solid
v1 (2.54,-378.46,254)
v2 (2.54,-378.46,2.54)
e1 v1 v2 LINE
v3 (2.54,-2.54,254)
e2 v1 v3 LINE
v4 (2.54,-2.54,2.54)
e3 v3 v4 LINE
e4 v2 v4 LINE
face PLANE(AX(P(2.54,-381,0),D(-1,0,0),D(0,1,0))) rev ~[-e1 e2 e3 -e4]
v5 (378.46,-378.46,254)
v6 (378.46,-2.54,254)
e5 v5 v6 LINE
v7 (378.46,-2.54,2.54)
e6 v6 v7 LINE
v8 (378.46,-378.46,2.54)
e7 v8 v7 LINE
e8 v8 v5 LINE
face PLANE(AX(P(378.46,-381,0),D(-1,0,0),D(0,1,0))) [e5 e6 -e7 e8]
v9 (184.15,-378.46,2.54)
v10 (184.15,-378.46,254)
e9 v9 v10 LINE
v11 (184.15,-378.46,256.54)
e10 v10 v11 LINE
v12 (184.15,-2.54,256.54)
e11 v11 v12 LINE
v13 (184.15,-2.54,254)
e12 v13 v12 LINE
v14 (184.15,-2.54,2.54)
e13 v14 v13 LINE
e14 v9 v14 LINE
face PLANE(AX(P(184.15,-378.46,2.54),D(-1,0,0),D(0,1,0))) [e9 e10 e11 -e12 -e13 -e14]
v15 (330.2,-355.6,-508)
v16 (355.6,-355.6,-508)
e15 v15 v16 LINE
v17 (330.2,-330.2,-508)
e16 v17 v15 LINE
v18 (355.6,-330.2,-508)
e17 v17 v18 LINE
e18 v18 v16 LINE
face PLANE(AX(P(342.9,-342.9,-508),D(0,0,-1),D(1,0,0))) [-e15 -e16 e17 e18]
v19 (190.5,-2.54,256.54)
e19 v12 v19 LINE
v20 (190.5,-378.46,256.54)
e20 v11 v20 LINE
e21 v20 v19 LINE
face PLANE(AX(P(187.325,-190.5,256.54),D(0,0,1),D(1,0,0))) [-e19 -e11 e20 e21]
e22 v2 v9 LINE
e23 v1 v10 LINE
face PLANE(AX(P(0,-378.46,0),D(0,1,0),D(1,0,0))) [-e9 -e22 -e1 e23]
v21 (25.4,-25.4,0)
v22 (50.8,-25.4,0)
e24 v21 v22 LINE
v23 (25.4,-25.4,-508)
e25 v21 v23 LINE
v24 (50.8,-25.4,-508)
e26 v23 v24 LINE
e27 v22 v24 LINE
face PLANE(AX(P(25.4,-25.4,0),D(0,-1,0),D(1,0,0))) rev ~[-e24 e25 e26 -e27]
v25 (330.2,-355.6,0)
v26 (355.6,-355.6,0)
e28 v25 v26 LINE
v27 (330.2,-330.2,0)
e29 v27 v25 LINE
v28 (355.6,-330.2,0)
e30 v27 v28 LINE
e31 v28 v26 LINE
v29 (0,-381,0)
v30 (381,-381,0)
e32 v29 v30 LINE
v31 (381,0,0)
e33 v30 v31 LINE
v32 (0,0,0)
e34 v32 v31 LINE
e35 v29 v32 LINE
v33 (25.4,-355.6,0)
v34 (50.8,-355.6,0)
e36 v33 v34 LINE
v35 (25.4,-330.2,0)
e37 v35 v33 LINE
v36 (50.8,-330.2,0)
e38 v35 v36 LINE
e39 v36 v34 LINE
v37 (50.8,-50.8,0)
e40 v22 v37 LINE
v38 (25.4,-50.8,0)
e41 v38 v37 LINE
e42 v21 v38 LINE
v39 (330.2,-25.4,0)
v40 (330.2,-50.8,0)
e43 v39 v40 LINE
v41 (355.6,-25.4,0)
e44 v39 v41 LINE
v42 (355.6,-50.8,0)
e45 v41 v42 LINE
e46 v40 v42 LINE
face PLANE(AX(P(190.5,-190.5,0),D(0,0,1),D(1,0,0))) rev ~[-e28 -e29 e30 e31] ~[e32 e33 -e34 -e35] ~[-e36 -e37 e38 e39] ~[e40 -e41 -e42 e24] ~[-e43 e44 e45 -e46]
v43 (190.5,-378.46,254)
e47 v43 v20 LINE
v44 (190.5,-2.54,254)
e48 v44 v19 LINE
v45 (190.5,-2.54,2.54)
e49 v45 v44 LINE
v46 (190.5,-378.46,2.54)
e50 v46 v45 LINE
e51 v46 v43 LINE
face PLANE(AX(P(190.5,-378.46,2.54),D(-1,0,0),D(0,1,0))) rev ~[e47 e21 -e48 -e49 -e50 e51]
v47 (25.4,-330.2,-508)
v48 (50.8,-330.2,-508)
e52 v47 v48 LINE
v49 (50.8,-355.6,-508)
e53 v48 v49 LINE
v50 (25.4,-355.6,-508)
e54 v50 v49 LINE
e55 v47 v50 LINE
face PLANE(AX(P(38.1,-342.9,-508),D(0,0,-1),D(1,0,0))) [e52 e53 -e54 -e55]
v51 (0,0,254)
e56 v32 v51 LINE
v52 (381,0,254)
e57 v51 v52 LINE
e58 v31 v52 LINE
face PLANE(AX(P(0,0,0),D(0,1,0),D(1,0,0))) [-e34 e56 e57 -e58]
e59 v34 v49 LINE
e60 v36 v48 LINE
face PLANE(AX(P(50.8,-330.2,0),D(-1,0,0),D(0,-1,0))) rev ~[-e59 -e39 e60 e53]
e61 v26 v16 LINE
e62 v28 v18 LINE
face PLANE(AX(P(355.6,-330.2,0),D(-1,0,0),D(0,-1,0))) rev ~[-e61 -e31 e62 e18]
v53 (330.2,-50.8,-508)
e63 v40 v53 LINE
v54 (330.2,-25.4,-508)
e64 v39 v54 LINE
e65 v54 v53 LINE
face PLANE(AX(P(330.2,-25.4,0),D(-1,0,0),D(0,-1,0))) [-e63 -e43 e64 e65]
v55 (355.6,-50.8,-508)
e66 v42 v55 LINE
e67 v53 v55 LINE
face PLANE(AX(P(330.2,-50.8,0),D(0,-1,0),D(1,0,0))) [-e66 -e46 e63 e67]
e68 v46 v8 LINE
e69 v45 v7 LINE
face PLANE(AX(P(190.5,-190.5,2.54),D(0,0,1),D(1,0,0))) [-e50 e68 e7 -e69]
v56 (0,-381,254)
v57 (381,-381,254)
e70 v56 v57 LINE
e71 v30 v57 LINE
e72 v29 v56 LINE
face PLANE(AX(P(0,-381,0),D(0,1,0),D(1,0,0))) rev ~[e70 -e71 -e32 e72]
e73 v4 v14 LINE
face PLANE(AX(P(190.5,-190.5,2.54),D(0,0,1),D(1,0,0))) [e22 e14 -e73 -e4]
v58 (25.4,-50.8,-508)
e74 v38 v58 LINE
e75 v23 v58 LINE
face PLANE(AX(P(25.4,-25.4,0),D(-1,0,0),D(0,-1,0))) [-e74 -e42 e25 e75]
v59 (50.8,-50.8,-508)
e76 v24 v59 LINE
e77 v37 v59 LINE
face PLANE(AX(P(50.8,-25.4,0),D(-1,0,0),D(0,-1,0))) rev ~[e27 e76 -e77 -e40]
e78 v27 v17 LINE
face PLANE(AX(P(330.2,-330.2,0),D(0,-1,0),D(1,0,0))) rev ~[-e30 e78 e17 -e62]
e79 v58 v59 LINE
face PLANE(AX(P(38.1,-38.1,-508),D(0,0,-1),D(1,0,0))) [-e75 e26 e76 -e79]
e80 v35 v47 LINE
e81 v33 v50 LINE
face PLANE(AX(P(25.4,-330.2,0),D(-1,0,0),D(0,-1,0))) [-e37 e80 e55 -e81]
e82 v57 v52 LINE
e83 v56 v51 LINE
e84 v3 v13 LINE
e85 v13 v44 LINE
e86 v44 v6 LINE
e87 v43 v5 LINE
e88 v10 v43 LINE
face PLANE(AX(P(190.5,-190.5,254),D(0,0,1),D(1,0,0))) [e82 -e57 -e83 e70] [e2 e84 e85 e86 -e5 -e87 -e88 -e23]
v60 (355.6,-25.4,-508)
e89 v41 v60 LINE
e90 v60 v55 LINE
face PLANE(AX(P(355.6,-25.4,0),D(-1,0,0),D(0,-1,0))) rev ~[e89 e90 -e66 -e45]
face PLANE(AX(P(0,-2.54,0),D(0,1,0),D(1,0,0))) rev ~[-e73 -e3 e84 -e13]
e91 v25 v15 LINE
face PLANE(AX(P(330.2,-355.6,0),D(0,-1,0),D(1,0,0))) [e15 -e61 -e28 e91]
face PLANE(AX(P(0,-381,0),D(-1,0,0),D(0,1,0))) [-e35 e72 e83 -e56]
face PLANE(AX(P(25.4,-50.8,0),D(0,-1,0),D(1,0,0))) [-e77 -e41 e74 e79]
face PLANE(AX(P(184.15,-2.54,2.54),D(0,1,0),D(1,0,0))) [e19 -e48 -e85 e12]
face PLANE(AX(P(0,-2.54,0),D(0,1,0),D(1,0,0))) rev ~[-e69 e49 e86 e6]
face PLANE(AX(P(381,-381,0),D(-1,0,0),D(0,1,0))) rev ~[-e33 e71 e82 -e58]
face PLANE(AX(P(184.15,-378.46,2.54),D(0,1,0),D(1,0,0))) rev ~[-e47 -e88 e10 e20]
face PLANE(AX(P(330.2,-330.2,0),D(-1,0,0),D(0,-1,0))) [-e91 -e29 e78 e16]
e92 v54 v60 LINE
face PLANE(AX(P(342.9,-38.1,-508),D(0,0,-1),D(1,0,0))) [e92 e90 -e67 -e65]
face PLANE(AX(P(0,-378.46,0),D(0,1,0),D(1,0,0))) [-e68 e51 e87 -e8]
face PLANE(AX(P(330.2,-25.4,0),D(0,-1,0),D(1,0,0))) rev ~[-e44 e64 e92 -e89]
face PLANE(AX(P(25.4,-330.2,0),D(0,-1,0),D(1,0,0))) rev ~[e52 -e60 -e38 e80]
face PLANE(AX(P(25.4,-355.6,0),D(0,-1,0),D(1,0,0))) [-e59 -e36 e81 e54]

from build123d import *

# Parameters (mm, degrees)
F0_W     = 381
F0_H     = 381
F1_DEPTH = 254
F2_T     = -2.54
F3_W     = 25.4
F3_H     = 25.4
F4_DEPTH = 508
F5_W     = 6.35
F5_H     = 375.92
F6_DEPTH = 254


with BuildPart() as f1:
    # F0 (on Top) → F1 (new body)
    with BuildSketch(Plane.XY):
        with Locations((190.5, -190.5)):
            Rectangle(F0_W, F0_H)
    extrude(amount=F1_DEPTH)

    # F2
    f2_openings = [f1.faces().sort_by_distance(p)[0] for p in [
        (190.5, -190.5, 254),
    ]]
    offset(amount=F2_T, openings=f2_openings)

    # F3 (on face) → F4 (join)
    with BuildSketch(Plane(origin=(0, 0, 0), x_dir=(1, 0, 0), z_dir=(0, 0, -1))):
        with Locations((38.1, 342.9)):
            Rectangle(F3_W, F3_H)
        with Locations((342.9, 342.9)):
            Rectangle(F3_W, F3_H)
        with Locations((38.1, 38.1)):
            Rectangle(F3_W, F3_H)
        with Locations((342.9, 38.1)):
            Rectangle(F3_W, F3_H)
    extrude(amount=F4_DEPTH)

    # F5 (on face) → F6 (join)
    with BuildSketch(Plane.XY.offset(2.54)):
        with Locations((187.325, -190.5)):
            Rectangle(F5_W, F5_H)
    extrude(amount=F6_DEPTH)


solid = f1.part
